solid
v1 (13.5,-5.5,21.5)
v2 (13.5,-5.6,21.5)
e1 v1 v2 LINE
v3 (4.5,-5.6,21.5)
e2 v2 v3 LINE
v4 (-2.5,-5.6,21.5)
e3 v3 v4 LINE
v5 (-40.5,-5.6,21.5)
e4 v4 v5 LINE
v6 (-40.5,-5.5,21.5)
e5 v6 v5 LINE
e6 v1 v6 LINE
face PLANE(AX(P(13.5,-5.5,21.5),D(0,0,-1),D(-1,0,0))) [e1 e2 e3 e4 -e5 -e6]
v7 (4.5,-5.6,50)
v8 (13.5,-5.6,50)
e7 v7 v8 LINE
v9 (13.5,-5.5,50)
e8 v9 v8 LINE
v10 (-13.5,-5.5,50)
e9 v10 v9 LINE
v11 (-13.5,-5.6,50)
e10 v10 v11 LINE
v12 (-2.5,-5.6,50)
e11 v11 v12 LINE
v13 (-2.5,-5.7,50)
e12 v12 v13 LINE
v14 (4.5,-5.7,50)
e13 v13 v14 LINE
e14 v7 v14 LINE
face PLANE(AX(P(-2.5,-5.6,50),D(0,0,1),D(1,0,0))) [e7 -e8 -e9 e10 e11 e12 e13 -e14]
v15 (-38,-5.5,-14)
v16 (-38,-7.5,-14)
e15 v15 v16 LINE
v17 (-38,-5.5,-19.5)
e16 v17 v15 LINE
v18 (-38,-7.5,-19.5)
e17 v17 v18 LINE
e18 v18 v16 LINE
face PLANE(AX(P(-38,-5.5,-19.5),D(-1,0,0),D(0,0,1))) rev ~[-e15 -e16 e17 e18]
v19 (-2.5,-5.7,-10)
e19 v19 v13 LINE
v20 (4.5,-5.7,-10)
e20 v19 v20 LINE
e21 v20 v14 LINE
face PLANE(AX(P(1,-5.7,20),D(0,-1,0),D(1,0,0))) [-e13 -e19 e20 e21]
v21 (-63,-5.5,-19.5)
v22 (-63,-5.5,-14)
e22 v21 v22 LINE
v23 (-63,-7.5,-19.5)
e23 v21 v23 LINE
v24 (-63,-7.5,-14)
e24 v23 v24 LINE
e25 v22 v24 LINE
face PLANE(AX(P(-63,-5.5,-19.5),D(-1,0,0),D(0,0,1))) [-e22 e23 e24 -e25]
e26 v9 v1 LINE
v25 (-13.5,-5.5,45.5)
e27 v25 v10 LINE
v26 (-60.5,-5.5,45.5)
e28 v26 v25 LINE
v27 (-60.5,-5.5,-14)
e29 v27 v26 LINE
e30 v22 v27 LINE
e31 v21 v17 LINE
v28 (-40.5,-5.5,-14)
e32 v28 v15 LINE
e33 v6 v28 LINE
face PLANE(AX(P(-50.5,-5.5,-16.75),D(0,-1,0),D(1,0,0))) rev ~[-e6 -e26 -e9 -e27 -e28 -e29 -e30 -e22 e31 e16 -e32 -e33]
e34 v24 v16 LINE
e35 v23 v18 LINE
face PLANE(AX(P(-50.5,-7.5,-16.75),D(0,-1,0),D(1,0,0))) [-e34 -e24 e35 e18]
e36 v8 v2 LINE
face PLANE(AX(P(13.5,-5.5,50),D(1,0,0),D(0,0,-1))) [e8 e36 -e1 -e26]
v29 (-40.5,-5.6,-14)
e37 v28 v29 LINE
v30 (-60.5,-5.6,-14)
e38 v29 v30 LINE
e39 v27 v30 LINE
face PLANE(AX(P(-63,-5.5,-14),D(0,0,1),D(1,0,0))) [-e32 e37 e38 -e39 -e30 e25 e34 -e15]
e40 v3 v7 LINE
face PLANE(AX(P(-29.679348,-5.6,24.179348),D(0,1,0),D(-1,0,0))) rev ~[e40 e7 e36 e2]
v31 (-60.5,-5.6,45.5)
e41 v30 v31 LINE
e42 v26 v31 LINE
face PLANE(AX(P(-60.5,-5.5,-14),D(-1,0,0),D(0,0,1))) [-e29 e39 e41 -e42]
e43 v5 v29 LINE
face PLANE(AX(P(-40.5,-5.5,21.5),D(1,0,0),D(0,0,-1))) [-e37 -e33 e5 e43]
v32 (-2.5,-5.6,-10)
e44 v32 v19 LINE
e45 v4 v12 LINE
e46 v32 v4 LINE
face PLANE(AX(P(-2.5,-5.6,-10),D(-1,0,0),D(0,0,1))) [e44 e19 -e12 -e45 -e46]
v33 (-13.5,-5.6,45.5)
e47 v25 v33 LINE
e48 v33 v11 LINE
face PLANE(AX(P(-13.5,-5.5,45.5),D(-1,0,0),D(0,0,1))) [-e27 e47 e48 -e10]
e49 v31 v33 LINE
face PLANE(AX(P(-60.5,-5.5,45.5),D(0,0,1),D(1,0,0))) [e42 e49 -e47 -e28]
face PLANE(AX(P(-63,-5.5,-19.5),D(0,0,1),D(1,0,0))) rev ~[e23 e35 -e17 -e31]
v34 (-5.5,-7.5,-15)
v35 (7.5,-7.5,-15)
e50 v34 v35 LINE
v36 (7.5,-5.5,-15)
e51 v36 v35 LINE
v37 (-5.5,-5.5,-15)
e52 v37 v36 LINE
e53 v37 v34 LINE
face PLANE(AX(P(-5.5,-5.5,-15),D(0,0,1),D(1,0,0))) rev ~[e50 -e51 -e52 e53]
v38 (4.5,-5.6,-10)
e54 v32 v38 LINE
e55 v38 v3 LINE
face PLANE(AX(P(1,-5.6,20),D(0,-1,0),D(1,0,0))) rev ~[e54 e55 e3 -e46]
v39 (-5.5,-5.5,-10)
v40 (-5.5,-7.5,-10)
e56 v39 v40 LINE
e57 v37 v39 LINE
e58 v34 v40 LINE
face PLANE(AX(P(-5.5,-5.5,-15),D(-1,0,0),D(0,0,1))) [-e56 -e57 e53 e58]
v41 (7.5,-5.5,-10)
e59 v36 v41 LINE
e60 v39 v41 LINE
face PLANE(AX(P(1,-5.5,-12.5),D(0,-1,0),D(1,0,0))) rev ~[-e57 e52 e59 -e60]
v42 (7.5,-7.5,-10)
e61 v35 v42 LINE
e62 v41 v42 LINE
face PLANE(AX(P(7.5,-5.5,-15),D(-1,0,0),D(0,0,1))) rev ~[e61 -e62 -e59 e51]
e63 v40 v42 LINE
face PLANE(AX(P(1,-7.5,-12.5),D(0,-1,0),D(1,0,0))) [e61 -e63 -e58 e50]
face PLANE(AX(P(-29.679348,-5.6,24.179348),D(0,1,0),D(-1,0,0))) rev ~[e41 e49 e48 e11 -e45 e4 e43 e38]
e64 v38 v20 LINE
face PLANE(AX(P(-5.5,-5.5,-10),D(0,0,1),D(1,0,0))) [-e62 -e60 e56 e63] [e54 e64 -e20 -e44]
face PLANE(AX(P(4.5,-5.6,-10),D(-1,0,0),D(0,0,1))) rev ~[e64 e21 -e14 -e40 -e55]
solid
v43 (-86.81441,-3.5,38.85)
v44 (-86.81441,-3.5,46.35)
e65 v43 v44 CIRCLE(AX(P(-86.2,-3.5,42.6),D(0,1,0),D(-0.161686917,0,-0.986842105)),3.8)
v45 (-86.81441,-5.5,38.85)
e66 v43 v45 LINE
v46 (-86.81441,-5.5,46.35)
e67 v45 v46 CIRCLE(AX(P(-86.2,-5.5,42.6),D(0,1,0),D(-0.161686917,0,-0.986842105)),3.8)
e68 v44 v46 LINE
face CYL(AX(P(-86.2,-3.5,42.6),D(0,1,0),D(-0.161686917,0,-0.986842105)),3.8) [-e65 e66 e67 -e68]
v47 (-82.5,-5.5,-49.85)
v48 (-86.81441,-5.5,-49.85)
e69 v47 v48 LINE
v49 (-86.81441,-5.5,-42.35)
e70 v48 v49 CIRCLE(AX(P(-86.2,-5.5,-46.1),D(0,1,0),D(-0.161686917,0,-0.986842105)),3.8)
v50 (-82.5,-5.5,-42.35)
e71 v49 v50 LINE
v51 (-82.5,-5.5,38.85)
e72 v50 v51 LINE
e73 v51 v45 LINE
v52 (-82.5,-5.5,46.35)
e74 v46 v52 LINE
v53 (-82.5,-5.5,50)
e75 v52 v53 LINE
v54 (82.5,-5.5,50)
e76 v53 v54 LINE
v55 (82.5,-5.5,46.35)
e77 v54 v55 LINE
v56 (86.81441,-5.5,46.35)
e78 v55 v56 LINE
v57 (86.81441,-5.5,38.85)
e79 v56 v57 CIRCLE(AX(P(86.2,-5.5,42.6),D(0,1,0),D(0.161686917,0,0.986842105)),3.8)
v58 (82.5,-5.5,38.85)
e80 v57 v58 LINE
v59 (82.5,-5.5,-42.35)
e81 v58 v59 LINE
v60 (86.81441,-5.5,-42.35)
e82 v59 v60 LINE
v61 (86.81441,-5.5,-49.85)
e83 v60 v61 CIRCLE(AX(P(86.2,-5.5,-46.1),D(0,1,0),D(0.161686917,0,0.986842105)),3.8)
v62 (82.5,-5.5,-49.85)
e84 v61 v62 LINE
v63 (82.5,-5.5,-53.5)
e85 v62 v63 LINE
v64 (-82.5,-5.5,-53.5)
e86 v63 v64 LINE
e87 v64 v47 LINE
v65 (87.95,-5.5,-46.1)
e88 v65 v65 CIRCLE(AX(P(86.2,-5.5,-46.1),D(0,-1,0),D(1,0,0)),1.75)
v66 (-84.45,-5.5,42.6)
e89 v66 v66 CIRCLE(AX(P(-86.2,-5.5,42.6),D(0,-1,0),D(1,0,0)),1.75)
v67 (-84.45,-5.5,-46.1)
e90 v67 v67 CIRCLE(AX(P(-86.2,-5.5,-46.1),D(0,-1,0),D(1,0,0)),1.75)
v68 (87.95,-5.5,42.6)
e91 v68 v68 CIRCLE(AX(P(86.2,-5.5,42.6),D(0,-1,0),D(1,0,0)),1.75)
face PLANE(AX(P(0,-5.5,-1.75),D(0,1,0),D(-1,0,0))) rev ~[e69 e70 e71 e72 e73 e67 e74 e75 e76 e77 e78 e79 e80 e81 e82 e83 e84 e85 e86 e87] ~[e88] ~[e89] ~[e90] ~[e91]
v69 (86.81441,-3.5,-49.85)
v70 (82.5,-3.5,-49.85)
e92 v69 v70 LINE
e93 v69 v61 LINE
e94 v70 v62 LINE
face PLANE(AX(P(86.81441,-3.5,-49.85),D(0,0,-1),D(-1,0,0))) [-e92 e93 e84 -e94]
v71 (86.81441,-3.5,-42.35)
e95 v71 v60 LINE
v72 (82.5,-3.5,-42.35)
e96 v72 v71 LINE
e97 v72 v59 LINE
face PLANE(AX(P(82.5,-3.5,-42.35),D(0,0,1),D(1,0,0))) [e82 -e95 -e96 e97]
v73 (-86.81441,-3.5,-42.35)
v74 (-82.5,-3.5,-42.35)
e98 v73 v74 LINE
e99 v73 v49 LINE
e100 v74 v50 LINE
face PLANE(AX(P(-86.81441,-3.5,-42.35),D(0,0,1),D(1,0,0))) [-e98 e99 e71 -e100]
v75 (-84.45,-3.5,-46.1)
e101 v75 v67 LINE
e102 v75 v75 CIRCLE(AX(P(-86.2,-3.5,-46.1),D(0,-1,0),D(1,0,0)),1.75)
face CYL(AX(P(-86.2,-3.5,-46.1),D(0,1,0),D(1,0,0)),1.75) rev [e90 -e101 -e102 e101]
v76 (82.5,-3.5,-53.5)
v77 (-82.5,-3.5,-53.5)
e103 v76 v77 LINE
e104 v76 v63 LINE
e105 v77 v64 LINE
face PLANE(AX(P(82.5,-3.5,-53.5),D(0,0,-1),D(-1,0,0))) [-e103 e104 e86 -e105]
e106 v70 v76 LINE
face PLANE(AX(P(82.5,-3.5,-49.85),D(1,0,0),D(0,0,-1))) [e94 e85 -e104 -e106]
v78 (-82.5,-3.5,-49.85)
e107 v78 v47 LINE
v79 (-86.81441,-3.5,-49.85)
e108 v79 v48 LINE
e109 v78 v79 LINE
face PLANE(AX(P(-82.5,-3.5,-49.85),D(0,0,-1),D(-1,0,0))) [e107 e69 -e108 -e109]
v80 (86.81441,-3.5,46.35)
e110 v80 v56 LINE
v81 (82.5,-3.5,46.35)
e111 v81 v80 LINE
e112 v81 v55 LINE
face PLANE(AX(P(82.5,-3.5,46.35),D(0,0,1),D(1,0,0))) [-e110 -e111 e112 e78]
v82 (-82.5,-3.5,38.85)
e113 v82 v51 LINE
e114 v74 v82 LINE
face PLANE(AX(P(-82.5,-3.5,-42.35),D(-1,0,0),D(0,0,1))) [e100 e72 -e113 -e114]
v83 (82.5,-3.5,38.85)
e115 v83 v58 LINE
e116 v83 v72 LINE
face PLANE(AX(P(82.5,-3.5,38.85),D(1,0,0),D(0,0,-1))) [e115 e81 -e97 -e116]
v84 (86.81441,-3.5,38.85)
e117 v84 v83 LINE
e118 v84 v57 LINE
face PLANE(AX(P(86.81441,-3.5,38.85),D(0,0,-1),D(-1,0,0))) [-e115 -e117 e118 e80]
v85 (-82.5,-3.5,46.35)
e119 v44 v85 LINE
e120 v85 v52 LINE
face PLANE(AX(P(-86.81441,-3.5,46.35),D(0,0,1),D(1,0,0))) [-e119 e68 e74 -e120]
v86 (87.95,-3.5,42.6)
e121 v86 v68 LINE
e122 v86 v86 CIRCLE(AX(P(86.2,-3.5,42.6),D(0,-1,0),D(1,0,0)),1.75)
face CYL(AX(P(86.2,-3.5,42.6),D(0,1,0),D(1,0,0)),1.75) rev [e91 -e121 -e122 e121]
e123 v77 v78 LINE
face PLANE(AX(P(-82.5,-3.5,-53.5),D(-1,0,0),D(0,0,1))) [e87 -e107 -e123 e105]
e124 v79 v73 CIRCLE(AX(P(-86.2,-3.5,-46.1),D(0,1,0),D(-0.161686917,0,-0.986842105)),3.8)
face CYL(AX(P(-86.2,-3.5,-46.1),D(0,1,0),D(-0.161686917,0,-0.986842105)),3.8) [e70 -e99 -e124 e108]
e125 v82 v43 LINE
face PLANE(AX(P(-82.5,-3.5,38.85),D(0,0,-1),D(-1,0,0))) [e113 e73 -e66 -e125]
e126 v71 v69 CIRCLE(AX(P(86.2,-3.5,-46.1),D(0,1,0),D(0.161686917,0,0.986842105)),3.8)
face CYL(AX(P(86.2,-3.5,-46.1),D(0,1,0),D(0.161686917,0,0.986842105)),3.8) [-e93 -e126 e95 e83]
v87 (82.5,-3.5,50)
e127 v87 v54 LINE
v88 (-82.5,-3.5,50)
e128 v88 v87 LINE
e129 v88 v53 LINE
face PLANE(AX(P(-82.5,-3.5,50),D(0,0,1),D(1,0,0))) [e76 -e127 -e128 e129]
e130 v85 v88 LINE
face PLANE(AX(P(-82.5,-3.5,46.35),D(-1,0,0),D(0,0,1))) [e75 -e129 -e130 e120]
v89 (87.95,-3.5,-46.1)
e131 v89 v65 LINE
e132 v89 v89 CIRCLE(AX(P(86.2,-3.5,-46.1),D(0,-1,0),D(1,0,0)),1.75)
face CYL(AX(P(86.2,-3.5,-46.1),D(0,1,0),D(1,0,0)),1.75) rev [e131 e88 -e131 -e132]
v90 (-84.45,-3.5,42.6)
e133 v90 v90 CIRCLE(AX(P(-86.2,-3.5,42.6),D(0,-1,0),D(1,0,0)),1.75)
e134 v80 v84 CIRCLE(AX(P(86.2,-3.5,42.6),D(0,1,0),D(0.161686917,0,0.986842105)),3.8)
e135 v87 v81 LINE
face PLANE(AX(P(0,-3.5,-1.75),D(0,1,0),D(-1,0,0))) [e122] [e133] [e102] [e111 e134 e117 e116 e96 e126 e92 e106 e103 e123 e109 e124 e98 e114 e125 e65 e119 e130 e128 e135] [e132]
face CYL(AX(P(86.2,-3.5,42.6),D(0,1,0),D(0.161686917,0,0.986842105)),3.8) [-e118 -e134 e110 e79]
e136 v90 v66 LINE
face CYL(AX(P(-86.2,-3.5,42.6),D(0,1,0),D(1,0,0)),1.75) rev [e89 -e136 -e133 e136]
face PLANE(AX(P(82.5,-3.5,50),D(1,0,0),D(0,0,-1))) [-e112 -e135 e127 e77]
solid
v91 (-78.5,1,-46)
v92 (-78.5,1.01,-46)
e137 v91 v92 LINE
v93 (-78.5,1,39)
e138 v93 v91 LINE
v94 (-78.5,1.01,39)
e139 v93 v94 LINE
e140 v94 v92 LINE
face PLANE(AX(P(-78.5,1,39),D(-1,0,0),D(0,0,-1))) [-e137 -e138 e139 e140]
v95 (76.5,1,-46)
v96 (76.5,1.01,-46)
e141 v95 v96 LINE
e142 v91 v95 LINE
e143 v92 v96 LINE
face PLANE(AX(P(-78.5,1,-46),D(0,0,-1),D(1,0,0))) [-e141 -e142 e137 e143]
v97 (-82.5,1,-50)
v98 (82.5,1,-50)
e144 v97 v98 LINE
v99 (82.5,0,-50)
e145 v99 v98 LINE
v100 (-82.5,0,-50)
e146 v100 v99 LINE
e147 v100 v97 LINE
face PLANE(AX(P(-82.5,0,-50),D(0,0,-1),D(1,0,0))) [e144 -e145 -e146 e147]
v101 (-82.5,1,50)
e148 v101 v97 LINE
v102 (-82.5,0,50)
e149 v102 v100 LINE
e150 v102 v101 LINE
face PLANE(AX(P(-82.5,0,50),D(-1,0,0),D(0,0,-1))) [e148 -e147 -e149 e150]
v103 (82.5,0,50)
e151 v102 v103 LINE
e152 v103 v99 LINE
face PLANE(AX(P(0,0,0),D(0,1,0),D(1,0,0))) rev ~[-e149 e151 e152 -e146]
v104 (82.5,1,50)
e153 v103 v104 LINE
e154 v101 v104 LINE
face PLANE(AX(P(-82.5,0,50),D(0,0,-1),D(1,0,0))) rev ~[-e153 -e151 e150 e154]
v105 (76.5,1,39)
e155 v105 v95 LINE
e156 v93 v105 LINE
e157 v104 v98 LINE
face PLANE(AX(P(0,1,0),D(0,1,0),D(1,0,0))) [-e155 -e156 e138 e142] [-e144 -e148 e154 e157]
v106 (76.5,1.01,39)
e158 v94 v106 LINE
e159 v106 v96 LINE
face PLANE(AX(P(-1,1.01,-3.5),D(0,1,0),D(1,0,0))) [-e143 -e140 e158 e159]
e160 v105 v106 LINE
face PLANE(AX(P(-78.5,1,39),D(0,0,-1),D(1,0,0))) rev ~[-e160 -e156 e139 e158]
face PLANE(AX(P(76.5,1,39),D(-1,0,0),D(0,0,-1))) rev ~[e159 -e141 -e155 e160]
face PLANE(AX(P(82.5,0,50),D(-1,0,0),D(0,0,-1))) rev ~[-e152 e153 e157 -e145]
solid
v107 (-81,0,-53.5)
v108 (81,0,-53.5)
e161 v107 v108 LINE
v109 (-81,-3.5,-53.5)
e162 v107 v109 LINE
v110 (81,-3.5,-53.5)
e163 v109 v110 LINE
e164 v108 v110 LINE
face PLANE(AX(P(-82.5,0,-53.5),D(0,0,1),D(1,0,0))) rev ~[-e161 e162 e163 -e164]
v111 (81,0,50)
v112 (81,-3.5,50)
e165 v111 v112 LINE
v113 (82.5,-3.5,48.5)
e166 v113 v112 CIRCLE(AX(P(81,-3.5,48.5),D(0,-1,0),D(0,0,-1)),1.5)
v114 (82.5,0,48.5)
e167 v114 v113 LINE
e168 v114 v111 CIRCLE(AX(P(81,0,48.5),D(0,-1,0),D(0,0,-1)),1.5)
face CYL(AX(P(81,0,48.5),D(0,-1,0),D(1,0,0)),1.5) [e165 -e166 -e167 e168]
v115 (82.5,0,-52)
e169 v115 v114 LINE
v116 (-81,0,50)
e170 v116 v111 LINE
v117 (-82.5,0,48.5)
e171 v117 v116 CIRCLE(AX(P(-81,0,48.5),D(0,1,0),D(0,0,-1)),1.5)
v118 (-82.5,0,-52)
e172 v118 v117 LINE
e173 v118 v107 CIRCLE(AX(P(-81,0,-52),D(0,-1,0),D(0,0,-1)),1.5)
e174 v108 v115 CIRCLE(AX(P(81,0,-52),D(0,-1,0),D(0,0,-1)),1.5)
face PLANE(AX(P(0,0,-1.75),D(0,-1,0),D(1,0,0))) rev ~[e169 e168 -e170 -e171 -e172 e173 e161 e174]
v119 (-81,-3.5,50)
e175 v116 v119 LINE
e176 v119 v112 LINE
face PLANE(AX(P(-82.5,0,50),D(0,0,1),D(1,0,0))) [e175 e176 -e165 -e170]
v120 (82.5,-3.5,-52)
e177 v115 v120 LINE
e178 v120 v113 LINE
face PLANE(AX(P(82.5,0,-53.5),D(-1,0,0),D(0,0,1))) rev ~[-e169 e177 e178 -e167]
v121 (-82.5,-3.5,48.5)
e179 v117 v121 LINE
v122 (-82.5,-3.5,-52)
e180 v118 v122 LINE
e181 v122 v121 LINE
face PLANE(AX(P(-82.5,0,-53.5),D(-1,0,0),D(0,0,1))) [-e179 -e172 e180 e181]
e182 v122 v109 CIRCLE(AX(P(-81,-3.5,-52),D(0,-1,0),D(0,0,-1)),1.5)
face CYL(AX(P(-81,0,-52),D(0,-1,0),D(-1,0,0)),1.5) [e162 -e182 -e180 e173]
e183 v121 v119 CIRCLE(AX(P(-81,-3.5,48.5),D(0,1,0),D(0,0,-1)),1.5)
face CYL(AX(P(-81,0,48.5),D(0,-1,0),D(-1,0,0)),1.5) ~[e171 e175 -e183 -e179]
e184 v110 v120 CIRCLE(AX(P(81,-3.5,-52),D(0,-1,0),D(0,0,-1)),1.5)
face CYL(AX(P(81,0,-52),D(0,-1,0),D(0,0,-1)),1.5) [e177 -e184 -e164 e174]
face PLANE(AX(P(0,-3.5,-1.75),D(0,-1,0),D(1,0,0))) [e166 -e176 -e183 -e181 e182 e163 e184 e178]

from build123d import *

# Parameters (mm, degrees)
ESQUISSE1_W        = 165
ESQUISSE1_H        = 100
BOSS_EXTRU_1_DEPTH = 1
ESQUISSE3_W        = 165
ESQUISSE3_H        = 103.5
BOSS_EXTRU_2_DEPTH = 3.5
CONG_1_R           = 1.5
ESQUISSE4_R        = 1.75
BOSS_EXTRU_3_DEPTH = 2
BOSS_EXTRU_4_DEPTH = 0.1
ESQUISSE7_W        = 25
ESQUISSE7_H        = 5.5
BOSS_EXTRU_5_DEPTH = 2
ESQUISSE9_W        = 7
ESQUISSE9_H        = 60
BOSS_EXTRU_6_DEPTH = 0.1
ESQUISSE10_W       = 13
ESQUISSE10_H       = 5
BOSS_EXTRU_8_DEPTH = 2
ESQUISSE11_W       = 155
ESQUISSE11_H       = 85
BOSS_EXTRU_9_DEPTH = 0.01


with BuildPart() as part:
    # Esquisse1 → Boss.-Extru.1 (new body)
    with BuildSketch(Plane(origin=(0, 0, 0), x_dir=(1, 0, 0), z_dir=(0, 1, 0))):
        Rectangle(ESQUISSE1_W, ESQUISSE1_H)
    extrude(amount=BOSS_EXTRU_1_DEPTH)

    # Esquisse11 → Boss.-Extru.9 (add)
    with BuildSketch(Plane(origin=(0, 1, 0), x_dir=(1, 0, 0), z_dir=(0, 1, 0))):
        with Locations((-1, 3.5)):
            Rectangle(ESQUISSE11_W, ESQUISSE11_H)
    extrude(amount=BOSS_EXTRU_9_DEPTH)


with BuildPart() as body_2:
    # Esquisse3 → Boss.-Extru.2 (new body)
    with BuildSketch(Plane.XZ):
        with Locations((0, -1.75)):
            Rectangle(ESQUISSE3_W, ESQUISSE3_H)
    extrude(amount=BOSS_EXTRU_2_DEPTH)

    # Congé1
    cong_1_edges = [body_2.edges().sort_by_distance(p)[0] for p in [
        (-82.5, -1.75, 50),
        (82.5, -1.75, 50),
        (82.5, -1.75, -53.5),
        (-82.5, -1.75, -53.5),
    ]]
    fillet(cong_1_edges, radius=CONG_1_R)


with BuildPart() as body_3:
    # Esquisse4 → Boss.-Extru.3 (new body)
    with BuildSketch(Plane.XZ.offset(3.5)):
        with BuildLine():
            Line((82.5, -53.5), (-82.5, -53.5))
            Line((-82.5, -53.5), (-82.5, -49.85))
            Line((-82.5, -49.85), (-86.814410286, -49.85))
            ThreePointArc((-86.814410286, -49.85), (-90, -46.1), (-86.814410286, -42.35))
            Line((-86.814410286, -42.35), (-82.5, -42.35))
            Line((-82.5, -42.35), (-82.5, 38.85))
            Line((-82.5, 38.85), (-86.814410286, 38.85))
            ThreePointArc((-86.814410286, 38.85), (-90, 42.6), (-86.814410286, 46.35))
            Line((-86.814410286, 46.35), (-82.5, 46.35))
            Line((-82.5, 46.35), (-82.5, 50))
            Line((-82.5, 50), (82.5, 50))
            Line((82.5, 50), (82.5, 46.35))
            Line((82.5, 46.35), (86.814410286, 46.35))
            ThreePointArc((86.814410286, 46.35), (90, 42.6), (86.814410286, 38.85))
            Line((86.814410286, 38.85), (82.5, 38.85))
            Line((82.5, 38.85), (82.5, -42.35))
            Line((82.5, -42.35), (86.814410286, -42.35))
            ThreePointArc((86.814410286, -42.35), (90, -46.1), (86.814410286, -49.85))
            Line((86.814410286, -49.85), (82.5, -49.85))
            Line((82.5, -49.85), (82.5, -53.5))
        make_face()
        with Locations((86.2, 42.6)):
            Circle(ESQUISSE4_R, mode=Mode.SUBTRACT)
        with Locations((-86.2, 42.6)):
            Circle(ESQUISSE4_R, mode=Mode.SUBTRACT)
        with Locations((-86.2, -46.1)):
            Circle(ESQUISSE4_R, mode=Mode.SUBTRACT)
        with Locations((86.2, -46.1)):
            Circle(ESQUISSE4_R, mode=Mode.SUBTRACT)
    extrude(amount=BOSS_EXTRU_3_DEPTH)


with BuildPart() as body_4:
    # Esquisse6 → Boss.-Extru.4 (new body)
    with BuildSketch(Plane.XZ.offset(5.5)):
        Polygon((13.5, 50), (13.5, 21.5), (-40.5, 21.5), (-40.5, -14), (-60.5, -14), (-60.5, 45.5), (-13.5, 45.5), (-13.5, 50), align=None)
    extrude(amount=BOSS_EXTRU_4_DEPTH)

    # Esquisse7 → Boss.-Extru.5 (add)
    with BuildSketch(Plane.XZ.offset(5.5)):
        with Locations((-50.5, -16.75)):
            Rectangle(ESQUISSE7_W, ESQUISSE7_H)
    extrude(amount=BOSS_EXTRU_5_DEPTH)

    # Esquisse9 → Boss.-Extru.6 (add)
    with BuildSketch(Plane.XZ.offset(5.6)):
        with Locations((1, 20)):
            Rectangle(ESQUISSE9_W, ESQUISSE9_H)
    extrude(amount=BOSS_EXTRU_6_DEPTH)

    # Esquisse10 → Boss.-Extru.8 (add)
    with BuildSketch(Plane.XZ.offset(5.5)):
        with Locations((1, -12.5)):
            Rectangle(ESQUISSE10_W, ESQUISSE10_H)
    extrude(amount=BOSS_EXTRU_8_DEPTH)


solid = Compound([part.part, body_2.part, body_3.part, body_4.part])
